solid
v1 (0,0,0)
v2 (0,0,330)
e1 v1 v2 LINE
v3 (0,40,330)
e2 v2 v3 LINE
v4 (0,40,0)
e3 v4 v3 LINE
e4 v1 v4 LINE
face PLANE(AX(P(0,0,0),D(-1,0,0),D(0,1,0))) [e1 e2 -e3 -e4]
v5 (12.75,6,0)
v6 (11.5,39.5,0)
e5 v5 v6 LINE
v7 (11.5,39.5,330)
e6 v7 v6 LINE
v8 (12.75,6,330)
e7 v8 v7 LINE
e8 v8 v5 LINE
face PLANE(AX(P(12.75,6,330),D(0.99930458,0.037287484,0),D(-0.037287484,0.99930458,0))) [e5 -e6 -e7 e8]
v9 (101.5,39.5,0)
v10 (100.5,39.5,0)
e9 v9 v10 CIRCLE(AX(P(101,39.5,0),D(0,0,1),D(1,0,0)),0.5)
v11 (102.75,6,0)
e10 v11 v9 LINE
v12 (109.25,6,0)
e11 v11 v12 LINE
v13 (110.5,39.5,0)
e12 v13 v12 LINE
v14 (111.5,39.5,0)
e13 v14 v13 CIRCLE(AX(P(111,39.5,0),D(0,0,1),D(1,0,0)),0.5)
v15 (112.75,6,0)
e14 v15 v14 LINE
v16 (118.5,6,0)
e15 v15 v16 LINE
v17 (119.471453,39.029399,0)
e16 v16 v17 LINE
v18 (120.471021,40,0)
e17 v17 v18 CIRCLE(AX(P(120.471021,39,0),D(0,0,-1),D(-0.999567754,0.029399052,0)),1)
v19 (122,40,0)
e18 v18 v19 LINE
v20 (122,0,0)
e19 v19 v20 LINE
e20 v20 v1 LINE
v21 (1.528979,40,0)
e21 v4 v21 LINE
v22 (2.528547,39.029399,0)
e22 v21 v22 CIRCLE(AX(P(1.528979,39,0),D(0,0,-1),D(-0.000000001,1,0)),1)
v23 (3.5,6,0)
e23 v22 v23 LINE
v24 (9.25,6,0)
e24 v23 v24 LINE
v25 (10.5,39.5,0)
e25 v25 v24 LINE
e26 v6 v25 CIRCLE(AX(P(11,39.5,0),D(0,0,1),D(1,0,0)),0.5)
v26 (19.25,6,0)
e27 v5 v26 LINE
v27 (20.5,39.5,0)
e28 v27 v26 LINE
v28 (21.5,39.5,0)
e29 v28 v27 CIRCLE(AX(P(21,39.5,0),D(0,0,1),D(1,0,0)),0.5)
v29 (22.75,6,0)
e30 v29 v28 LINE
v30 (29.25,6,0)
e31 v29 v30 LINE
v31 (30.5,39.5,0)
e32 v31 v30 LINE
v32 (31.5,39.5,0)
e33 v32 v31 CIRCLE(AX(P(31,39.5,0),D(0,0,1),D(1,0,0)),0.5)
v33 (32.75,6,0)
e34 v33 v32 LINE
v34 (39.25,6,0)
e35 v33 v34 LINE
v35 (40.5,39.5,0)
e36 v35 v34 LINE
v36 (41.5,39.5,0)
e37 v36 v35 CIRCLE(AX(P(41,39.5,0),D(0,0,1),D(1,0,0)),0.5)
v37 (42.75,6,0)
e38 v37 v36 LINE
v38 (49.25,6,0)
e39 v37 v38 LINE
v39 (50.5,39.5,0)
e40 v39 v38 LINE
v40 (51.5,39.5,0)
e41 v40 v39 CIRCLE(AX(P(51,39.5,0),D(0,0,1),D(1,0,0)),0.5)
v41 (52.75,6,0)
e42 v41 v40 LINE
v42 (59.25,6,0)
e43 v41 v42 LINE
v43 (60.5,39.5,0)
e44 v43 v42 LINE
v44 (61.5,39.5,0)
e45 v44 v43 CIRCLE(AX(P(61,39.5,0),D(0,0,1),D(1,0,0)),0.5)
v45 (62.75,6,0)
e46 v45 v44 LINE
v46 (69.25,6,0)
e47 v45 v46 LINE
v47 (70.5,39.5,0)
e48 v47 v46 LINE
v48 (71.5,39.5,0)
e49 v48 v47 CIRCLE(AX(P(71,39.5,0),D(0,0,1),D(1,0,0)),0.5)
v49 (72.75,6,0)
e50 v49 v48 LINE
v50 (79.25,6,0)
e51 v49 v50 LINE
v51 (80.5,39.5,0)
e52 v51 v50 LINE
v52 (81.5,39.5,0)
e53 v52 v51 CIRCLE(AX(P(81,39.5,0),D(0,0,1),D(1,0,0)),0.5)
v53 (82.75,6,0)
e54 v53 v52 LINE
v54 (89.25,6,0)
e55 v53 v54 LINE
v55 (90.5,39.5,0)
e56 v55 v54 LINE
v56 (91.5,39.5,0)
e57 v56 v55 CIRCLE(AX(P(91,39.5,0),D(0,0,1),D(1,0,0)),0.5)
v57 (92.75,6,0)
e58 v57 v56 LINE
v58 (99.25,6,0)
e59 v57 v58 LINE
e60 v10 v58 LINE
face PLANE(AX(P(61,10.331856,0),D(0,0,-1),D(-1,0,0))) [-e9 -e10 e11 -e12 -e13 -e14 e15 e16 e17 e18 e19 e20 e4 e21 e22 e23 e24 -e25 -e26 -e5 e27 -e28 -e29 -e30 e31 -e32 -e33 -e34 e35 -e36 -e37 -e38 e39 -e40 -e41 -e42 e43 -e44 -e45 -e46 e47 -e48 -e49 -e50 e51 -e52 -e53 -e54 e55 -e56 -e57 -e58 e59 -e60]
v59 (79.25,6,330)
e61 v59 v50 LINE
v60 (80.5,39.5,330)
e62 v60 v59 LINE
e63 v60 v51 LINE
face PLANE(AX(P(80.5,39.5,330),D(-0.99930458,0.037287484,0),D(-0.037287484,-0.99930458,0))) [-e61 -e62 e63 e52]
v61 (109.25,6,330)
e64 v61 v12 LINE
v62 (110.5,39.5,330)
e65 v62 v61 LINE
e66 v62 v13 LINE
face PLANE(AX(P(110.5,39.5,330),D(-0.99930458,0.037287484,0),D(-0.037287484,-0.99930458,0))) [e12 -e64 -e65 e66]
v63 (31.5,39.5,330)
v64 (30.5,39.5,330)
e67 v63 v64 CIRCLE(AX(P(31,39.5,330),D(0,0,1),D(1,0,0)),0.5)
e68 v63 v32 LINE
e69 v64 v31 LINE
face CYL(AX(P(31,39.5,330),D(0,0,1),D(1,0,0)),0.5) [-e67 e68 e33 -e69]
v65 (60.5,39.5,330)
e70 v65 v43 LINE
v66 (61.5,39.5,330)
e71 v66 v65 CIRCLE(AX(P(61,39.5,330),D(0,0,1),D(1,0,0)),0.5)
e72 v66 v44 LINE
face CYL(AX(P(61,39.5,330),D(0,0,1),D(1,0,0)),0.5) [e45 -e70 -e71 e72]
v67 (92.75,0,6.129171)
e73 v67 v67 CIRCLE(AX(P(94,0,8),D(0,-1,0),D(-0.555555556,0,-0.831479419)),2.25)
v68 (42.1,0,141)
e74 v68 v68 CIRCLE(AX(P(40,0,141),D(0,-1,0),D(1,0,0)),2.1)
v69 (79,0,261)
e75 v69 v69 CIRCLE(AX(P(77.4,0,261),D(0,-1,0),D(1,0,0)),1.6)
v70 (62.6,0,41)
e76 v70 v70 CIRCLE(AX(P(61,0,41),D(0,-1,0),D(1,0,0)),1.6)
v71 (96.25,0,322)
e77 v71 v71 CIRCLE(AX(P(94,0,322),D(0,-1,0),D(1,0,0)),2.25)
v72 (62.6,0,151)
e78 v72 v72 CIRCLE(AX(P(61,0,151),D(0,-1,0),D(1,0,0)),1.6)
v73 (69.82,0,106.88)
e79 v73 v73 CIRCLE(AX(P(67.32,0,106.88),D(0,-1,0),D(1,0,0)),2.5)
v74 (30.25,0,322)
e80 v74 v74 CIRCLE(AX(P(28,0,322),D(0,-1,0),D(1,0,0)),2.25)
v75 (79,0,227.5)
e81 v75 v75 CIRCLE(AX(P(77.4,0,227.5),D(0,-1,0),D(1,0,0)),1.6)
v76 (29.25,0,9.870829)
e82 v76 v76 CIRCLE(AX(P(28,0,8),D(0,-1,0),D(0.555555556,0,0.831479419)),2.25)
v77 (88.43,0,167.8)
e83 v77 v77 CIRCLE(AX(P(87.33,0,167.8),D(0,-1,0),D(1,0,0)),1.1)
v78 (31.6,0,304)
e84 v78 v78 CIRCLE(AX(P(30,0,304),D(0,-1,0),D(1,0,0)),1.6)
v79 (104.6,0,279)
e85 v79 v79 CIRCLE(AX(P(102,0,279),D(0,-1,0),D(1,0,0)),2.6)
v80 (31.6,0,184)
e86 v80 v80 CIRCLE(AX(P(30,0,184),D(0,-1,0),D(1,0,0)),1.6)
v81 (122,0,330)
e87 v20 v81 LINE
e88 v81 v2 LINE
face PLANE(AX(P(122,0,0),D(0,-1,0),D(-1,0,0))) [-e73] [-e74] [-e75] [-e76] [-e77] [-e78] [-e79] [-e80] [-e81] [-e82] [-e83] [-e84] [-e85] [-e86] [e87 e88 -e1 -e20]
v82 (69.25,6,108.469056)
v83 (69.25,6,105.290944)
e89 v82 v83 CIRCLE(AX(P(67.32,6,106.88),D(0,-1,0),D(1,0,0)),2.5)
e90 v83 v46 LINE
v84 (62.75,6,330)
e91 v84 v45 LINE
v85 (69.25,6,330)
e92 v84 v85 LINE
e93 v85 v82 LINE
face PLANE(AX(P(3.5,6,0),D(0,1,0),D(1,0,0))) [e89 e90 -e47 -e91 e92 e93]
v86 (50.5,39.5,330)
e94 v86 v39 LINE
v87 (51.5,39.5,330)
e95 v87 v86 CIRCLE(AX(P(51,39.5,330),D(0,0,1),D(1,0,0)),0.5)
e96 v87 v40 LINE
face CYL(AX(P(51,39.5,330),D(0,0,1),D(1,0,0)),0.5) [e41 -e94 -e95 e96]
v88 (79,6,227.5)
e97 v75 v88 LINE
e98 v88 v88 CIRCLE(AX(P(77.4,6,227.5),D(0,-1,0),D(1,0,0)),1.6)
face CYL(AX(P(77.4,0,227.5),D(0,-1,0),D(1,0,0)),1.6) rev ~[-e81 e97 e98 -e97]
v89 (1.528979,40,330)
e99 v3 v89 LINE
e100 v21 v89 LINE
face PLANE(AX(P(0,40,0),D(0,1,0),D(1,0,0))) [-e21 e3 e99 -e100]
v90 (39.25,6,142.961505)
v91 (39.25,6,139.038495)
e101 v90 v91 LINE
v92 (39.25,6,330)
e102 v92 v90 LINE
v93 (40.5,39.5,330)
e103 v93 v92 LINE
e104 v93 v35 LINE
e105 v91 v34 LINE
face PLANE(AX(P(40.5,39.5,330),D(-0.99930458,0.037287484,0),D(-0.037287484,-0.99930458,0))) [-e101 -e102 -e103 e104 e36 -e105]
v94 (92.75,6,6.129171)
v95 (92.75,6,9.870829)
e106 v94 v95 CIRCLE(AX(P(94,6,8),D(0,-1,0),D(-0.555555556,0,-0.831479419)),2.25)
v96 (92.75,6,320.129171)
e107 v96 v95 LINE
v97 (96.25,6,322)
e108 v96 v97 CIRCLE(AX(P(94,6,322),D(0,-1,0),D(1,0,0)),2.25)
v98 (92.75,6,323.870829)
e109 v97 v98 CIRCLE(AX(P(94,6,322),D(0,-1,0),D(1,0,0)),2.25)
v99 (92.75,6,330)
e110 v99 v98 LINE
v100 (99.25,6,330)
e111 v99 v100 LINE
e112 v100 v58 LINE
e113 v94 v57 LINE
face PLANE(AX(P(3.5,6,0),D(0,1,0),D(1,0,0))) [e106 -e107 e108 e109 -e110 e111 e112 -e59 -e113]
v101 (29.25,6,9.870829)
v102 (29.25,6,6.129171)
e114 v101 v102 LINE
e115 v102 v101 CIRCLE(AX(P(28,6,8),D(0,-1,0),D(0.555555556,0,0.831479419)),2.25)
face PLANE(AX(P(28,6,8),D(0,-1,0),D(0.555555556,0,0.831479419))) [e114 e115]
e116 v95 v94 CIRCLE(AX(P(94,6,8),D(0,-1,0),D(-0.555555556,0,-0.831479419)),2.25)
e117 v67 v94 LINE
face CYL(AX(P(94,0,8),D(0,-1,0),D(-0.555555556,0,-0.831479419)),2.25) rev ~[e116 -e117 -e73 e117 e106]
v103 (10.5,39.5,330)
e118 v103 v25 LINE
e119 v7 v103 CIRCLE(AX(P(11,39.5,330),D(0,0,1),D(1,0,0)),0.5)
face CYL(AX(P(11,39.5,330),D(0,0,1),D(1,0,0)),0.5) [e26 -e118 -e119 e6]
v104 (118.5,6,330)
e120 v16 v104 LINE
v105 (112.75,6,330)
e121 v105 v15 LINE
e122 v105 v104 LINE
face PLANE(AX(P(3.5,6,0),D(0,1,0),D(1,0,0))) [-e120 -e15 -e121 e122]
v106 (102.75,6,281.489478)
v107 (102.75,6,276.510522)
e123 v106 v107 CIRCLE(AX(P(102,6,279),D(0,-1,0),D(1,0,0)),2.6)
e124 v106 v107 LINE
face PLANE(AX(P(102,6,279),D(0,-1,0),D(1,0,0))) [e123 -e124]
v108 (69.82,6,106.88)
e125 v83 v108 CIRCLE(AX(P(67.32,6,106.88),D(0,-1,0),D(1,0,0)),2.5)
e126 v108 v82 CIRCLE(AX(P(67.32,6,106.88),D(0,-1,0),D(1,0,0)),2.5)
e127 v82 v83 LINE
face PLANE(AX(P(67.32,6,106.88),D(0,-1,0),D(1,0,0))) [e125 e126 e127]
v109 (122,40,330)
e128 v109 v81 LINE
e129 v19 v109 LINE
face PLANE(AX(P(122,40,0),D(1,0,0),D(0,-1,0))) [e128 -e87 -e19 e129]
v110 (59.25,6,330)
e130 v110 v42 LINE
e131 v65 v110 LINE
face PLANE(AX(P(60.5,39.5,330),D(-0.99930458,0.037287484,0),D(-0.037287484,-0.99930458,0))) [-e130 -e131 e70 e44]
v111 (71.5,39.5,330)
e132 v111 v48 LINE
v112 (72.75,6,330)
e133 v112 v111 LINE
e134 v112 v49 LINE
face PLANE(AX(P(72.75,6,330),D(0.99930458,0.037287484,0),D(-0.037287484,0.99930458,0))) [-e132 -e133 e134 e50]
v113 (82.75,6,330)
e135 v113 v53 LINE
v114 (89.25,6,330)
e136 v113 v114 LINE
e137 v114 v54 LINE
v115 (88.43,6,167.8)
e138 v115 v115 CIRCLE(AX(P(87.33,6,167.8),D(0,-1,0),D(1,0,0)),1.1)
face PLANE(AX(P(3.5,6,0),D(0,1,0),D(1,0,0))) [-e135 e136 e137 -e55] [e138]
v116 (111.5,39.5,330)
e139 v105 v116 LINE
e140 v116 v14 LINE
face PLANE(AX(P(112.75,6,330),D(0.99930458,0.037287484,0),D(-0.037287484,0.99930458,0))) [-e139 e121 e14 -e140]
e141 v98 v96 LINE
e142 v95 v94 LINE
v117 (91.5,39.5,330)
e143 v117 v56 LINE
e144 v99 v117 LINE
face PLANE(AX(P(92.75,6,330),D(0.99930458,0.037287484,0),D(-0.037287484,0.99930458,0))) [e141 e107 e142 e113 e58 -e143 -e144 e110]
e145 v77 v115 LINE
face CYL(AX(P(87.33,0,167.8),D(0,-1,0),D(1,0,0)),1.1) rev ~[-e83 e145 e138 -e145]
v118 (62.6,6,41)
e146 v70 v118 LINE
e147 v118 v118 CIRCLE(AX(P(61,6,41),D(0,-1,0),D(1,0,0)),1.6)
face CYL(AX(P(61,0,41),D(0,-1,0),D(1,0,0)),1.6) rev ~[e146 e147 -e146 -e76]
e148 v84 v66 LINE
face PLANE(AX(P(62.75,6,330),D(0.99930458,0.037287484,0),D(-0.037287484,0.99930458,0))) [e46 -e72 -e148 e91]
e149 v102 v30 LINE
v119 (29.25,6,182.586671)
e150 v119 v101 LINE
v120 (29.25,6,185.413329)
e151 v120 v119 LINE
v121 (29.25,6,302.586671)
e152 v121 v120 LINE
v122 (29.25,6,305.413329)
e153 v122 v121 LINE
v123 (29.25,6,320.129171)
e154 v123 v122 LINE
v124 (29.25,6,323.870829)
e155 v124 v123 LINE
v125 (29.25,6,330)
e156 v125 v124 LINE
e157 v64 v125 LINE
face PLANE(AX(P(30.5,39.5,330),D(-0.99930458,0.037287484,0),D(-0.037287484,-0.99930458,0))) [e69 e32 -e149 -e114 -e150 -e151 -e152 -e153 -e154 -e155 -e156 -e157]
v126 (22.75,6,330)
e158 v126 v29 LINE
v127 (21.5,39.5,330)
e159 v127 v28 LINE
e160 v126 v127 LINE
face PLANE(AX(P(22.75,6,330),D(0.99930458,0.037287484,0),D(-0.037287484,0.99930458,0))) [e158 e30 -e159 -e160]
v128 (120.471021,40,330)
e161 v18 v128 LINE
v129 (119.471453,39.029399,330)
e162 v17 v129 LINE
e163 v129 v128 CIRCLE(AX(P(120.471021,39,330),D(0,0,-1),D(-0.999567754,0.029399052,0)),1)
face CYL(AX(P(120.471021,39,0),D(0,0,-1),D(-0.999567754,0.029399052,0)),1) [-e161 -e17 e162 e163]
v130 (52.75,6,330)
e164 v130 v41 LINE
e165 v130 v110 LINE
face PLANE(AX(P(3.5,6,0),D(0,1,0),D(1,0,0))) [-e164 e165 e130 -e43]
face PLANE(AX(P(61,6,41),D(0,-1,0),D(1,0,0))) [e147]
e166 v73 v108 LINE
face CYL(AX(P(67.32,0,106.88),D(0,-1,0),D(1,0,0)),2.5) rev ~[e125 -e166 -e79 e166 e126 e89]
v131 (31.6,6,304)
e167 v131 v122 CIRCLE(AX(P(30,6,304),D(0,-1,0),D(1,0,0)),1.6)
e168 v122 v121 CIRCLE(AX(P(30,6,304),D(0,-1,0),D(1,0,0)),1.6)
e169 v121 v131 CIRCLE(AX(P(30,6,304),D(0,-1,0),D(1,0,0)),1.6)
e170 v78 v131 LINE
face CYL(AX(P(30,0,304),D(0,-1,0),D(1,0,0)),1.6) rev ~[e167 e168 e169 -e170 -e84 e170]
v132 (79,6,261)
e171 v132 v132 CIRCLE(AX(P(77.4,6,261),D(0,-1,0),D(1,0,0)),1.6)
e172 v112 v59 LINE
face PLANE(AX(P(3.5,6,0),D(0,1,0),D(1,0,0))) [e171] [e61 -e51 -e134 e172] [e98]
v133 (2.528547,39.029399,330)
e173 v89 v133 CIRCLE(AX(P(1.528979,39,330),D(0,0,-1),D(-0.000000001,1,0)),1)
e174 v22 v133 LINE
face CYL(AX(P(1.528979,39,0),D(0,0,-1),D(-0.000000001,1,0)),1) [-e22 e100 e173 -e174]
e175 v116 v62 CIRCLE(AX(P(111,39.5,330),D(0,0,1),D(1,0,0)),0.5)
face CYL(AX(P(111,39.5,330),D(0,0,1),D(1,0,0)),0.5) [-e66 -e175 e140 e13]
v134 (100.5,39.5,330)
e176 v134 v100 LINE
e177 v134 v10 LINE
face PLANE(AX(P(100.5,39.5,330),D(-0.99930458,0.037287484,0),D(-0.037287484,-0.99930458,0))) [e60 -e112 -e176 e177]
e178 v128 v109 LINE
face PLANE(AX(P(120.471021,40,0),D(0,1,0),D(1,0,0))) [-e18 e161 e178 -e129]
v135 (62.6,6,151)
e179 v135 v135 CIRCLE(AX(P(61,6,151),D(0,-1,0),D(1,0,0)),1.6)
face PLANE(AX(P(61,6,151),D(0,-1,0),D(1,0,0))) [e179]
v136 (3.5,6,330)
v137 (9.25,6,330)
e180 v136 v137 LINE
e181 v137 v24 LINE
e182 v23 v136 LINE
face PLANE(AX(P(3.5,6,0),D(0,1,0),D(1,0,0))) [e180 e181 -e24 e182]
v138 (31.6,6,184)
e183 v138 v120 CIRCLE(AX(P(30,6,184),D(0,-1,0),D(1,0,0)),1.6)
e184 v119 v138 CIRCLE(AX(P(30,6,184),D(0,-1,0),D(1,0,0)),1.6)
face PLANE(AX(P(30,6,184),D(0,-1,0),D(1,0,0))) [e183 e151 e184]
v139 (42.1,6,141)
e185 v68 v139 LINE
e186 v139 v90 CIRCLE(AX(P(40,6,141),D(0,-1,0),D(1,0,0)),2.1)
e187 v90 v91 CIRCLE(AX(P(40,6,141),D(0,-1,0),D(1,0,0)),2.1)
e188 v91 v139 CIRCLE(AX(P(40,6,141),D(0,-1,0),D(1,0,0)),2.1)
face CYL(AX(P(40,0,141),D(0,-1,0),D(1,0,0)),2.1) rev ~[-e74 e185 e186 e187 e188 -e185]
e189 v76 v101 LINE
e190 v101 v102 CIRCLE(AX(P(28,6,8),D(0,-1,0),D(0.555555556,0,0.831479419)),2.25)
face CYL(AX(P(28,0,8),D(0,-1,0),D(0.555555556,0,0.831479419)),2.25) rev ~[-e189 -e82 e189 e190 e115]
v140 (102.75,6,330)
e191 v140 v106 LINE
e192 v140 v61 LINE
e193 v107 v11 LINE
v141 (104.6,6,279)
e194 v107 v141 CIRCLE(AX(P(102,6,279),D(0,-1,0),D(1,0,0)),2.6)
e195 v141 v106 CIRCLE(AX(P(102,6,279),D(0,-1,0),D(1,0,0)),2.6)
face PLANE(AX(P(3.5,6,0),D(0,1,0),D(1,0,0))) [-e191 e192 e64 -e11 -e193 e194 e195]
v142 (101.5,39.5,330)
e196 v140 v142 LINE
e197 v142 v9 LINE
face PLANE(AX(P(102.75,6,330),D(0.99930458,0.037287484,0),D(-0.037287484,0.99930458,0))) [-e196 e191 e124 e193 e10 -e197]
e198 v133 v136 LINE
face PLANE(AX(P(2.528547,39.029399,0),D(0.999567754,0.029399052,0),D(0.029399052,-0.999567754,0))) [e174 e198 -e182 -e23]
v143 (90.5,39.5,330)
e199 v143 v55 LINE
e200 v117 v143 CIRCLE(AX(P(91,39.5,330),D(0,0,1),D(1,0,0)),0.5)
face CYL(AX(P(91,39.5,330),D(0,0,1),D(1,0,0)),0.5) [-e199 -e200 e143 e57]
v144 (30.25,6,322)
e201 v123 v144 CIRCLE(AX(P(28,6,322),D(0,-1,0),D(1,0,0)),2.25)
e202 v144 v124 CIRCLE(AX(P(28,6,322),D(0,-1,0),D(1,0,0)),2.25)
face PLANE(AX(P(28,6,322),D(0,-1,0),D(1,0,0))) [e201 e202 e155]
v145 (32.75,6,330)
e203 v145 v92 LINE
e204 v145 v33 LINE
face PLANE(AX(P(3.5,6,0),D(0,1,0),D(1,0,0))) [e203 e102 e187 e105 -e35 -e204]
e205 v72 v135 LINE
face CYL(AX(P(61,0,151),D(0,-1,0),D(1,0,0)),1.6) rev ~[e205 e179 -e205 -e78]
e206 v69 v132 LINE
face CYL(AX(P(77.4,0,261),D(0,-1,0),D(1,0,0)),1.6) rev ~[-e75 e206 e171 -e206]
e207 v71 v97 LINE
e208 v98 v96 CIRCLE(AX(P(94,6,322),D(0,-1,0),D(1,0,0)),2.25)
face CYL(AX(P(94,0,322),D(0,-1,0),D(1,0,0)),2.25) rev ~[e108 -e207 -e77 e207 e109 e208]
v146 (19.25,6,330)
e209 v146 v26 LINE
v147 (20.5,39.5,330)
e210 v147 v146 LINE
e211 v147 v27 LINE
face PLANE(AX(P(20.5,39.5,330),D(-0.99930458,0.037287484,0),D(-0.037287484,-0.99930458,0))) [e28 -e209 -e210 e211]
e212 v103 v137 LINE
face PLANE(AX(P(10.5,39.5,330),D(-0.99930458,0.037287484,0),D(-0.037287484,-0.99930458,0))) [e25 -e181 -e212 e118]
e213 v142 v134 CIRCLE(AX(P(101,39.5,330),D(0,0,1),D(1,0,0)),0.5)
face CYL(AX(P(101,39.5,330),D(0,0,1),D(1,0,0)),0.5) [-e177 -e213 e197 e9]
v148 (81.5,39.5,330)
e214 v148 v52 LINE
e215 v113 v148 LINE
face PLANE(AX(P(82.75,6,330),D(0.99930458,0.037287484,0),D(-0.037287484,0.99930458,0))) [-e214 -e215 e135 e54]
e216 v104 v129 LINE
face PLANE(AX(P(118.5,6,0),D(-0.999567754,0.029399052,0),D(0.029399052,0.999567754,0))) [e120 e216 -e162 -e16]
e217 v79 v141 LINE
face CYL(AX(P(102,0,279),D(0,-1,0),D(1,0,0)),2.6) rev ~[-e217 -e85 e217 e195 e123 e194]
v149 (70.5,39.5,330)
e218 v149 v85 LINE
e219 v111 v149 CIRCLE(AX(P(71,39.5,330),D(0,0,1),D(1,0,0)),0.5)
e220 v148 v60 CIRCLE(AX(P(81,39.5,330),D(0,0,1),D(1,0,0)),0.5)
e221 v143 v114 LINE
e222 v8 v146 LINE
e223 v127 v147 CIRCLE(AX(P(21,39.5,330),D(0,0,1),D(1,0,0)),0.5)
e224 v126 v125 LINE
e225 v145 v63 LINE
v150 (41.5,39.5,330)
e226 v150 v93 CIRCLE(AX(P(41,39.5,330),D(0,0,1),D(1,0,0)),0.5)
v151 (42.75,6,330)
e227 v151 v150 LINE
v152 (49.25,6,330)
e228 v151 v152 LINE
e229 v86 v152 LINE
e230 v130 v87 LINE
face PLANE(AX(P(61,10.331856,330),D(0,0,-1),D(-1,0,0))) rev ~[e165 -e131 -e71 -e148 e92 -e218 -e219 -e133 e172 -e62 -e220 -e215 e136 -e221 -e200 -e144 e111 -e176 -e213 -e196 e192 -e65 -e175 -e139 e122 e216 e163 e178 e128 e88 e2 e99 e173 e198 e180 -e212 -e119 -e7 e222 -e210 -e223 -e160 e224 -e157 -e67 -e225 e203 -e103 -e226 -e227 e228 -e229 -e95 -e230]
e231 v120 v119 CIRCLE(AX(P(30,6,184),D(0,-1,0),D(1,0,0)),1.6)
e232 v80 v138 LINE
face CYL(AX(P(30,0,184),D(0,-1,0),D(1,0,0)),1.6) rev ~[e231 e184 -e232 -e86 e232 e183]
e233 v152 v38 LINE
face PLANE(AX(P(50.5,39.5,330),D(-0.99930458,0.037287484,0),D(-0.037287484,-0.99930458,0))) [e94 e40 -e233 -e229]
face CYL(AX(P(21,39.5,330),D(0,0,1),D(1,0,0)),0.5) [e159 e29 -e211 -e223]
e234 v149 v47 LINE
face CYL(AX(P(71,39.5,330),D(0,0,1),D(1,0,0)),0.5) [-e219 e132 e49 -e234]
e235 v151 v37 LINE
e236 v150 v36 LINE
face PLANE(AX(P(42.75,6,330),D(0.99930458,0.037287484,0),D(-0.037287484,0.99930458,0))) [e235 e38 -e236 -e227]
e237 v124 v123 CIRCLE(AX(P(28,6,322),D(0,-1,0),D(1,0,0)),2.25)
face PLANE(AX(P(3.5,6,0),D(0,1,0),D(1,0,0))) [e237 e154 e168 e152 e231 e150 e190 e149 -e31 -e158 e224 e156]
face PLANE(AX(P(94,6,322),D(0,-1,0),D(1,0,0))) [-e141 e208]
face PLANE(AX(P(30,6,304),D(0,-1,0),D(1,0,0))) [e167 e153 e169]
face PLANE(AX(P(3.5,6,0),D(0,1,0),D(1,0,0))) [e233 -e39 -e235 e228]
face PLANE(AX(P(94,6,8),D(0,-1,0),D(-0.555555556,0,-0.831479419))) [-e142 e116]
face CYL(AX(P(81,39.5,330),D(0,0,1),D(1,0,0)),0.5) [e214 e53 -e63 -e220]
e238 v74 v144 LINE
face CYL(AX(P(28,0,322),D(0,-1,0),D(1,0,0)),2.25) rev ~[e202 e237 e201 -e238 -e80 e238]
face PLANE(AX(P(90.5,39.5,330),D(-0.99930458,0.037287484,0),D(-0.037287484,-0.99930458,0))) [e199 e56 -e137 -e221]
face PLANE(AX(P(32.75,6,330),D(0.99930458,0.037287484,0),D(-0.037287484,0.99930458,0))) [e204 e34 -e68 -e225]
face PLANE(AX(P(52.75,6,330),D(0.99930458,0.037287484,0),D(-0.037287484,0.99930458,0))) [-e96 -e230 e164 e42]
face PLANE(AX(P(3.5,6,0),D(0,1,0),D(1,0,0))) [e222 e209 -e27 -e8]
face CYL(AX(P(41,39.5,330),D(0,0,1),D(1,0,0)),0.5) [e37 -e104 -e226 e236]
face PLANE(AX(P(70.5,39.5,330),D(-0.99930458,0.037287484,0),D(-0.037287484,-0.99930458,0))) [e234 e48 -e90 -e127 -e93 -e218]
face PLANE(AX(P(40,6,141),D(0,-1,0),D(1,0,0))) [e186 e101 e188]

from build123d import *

# Parameters (mm, degrees)
EXTRUDE_1_DEPTH       = 330
EXTRUDE_3_DEPTH       = 330
PATTERN_CURVE_1_COUNT = 11
PATTERN_CURVE_1_PITCH = 10
SKETCH_3_R            = 2.25
CUT_EXTRUDE_1_DEPTH   = 6
SKETCH_4_R            = 1.6
SKETCH_4_R_2          = 2.1
SKETCH_4_R_3          = 2.5
SKETCH_4_R_4          = 2.6
SKETCH_4_R_5          = 1.1
CUT_EXTRUDE_2_DEPTH   = 6


with BuildPart() as part:
    # Эскиз1 → Вытянуть1 (new body)
    with BuildSketch(Plane.XY):
        with BuildLine():
            Line((0, 40), (1.528979332, 40))
            ThreePointArc((1.528979332, 40), (2.225614441, 39.717425624), (2.528547087, 39.029399052))
            Line((2.528547087, 39.029399052), (3.5, 6))
            Line((3.5, 6), (118.5, 6))
            Line((118.5, 6), (119.471452913, 39.029399052))
            ThreePointArc((119.471452913, 39.029399052), (119.774385559, 39.717425624), (120.471020668, 40))
            Line((120.471020668, 40), (122, 40))
            Line((122, 40), (122, 0))
            Line((122, 0), (0, 0))
            Line((0, 0), (0, 40))
        make_face()
    extrude(amount=EXTRUDE_1_DEPTH)

    # Эскиз2 → Вытянуть3 (add)
    with BuildSketch(Plane.XY.offset(330)):
        with BuildLine():
            Line((10.5, 39.5), (9.25, 6))
            Line((9.25, 6), (12.75, 6))
            Line((12.75, 6), (11.5, 39.5))
            ThreePointArc((11.5, 39.5), (11, 40), (10.5, 39.5))
        make_face()
    extrude_3 = extrude(amount=-EXTRUDE_3_DEPTH)

    # Кривая1: Вытянуть3 ×11
    with Locations(*[(i * PATTERN_CURVE_1_PITCH, 0, 0) for i in range(1, PATTERN_CURVE_1_COUNT)]):
        add(extrude_3)

    # Эскиз3 → Вырез-Вытянуть1 (cut)
    with BuildSketch(Plane.XZ):
        with Locations((28, 322)):
            Circle(SKETCH_3_R)
        with Locations((94, 322)):
            Circle(SKETCH_3_R)
        with Locations(Location((94, 8, 0), (0, 0, 236.251011404))):
            Circle(SKETCH_3_R)
        with Locations(Location((28, 8, 0), (0, 0, 56.251011404))):
            Circle(SKETCH_3_R)
    extrude(amount=-CUT_EXTRUDE_1_DEPTH, mode=Mode.SUBTRACT)

    # Эскиз4 → Вырез-Вытянуть2 (cut)
    with BuildSketch(Plane(origin=(1.487985642, 0, 27.400529356), x_dir=(1, 0, 0), z_dir=(0, -1, 0))):
        with Locations((75.912014358, 233.599470644)):
            Circle(SKETCH_4_R)
        with Locations((59.512014358, 123.599470644)):
            Circle(SKETCH_4_R)
        with Locations((75.912014358, 200.099470644)):
            Circle(SKETCH_4_R)
        with Locations((28.512014358, 276.599470644)):
            Circle(SKETCH_4_R)
        with Locations((28.512014358, 156.599470644)):
            Circle(SKETCH_4_R)
        with Locations((59.512014358, 13.599470644)):
            Circle(SKETCH_4_R)
        with Locations((38.512014358, 113.599470644)):
            Circle(SKETCH_4_R_2)
        with Locations((65.832014358, 79.479470644)):
            Circle(SKETCH_4_R_3)
        with Locations((100.512014358, 251.599470644)):
            Circle(SKETCH_4_R_4)
        with Locations((85.842014358, 140.399470644)):
            Circle(SKETCH_4_R_5)
    extrude(amount=-CUT_EXTRUDE_2_DEPTH, mode=Mode.SUBTRACT)


solid = part.part
